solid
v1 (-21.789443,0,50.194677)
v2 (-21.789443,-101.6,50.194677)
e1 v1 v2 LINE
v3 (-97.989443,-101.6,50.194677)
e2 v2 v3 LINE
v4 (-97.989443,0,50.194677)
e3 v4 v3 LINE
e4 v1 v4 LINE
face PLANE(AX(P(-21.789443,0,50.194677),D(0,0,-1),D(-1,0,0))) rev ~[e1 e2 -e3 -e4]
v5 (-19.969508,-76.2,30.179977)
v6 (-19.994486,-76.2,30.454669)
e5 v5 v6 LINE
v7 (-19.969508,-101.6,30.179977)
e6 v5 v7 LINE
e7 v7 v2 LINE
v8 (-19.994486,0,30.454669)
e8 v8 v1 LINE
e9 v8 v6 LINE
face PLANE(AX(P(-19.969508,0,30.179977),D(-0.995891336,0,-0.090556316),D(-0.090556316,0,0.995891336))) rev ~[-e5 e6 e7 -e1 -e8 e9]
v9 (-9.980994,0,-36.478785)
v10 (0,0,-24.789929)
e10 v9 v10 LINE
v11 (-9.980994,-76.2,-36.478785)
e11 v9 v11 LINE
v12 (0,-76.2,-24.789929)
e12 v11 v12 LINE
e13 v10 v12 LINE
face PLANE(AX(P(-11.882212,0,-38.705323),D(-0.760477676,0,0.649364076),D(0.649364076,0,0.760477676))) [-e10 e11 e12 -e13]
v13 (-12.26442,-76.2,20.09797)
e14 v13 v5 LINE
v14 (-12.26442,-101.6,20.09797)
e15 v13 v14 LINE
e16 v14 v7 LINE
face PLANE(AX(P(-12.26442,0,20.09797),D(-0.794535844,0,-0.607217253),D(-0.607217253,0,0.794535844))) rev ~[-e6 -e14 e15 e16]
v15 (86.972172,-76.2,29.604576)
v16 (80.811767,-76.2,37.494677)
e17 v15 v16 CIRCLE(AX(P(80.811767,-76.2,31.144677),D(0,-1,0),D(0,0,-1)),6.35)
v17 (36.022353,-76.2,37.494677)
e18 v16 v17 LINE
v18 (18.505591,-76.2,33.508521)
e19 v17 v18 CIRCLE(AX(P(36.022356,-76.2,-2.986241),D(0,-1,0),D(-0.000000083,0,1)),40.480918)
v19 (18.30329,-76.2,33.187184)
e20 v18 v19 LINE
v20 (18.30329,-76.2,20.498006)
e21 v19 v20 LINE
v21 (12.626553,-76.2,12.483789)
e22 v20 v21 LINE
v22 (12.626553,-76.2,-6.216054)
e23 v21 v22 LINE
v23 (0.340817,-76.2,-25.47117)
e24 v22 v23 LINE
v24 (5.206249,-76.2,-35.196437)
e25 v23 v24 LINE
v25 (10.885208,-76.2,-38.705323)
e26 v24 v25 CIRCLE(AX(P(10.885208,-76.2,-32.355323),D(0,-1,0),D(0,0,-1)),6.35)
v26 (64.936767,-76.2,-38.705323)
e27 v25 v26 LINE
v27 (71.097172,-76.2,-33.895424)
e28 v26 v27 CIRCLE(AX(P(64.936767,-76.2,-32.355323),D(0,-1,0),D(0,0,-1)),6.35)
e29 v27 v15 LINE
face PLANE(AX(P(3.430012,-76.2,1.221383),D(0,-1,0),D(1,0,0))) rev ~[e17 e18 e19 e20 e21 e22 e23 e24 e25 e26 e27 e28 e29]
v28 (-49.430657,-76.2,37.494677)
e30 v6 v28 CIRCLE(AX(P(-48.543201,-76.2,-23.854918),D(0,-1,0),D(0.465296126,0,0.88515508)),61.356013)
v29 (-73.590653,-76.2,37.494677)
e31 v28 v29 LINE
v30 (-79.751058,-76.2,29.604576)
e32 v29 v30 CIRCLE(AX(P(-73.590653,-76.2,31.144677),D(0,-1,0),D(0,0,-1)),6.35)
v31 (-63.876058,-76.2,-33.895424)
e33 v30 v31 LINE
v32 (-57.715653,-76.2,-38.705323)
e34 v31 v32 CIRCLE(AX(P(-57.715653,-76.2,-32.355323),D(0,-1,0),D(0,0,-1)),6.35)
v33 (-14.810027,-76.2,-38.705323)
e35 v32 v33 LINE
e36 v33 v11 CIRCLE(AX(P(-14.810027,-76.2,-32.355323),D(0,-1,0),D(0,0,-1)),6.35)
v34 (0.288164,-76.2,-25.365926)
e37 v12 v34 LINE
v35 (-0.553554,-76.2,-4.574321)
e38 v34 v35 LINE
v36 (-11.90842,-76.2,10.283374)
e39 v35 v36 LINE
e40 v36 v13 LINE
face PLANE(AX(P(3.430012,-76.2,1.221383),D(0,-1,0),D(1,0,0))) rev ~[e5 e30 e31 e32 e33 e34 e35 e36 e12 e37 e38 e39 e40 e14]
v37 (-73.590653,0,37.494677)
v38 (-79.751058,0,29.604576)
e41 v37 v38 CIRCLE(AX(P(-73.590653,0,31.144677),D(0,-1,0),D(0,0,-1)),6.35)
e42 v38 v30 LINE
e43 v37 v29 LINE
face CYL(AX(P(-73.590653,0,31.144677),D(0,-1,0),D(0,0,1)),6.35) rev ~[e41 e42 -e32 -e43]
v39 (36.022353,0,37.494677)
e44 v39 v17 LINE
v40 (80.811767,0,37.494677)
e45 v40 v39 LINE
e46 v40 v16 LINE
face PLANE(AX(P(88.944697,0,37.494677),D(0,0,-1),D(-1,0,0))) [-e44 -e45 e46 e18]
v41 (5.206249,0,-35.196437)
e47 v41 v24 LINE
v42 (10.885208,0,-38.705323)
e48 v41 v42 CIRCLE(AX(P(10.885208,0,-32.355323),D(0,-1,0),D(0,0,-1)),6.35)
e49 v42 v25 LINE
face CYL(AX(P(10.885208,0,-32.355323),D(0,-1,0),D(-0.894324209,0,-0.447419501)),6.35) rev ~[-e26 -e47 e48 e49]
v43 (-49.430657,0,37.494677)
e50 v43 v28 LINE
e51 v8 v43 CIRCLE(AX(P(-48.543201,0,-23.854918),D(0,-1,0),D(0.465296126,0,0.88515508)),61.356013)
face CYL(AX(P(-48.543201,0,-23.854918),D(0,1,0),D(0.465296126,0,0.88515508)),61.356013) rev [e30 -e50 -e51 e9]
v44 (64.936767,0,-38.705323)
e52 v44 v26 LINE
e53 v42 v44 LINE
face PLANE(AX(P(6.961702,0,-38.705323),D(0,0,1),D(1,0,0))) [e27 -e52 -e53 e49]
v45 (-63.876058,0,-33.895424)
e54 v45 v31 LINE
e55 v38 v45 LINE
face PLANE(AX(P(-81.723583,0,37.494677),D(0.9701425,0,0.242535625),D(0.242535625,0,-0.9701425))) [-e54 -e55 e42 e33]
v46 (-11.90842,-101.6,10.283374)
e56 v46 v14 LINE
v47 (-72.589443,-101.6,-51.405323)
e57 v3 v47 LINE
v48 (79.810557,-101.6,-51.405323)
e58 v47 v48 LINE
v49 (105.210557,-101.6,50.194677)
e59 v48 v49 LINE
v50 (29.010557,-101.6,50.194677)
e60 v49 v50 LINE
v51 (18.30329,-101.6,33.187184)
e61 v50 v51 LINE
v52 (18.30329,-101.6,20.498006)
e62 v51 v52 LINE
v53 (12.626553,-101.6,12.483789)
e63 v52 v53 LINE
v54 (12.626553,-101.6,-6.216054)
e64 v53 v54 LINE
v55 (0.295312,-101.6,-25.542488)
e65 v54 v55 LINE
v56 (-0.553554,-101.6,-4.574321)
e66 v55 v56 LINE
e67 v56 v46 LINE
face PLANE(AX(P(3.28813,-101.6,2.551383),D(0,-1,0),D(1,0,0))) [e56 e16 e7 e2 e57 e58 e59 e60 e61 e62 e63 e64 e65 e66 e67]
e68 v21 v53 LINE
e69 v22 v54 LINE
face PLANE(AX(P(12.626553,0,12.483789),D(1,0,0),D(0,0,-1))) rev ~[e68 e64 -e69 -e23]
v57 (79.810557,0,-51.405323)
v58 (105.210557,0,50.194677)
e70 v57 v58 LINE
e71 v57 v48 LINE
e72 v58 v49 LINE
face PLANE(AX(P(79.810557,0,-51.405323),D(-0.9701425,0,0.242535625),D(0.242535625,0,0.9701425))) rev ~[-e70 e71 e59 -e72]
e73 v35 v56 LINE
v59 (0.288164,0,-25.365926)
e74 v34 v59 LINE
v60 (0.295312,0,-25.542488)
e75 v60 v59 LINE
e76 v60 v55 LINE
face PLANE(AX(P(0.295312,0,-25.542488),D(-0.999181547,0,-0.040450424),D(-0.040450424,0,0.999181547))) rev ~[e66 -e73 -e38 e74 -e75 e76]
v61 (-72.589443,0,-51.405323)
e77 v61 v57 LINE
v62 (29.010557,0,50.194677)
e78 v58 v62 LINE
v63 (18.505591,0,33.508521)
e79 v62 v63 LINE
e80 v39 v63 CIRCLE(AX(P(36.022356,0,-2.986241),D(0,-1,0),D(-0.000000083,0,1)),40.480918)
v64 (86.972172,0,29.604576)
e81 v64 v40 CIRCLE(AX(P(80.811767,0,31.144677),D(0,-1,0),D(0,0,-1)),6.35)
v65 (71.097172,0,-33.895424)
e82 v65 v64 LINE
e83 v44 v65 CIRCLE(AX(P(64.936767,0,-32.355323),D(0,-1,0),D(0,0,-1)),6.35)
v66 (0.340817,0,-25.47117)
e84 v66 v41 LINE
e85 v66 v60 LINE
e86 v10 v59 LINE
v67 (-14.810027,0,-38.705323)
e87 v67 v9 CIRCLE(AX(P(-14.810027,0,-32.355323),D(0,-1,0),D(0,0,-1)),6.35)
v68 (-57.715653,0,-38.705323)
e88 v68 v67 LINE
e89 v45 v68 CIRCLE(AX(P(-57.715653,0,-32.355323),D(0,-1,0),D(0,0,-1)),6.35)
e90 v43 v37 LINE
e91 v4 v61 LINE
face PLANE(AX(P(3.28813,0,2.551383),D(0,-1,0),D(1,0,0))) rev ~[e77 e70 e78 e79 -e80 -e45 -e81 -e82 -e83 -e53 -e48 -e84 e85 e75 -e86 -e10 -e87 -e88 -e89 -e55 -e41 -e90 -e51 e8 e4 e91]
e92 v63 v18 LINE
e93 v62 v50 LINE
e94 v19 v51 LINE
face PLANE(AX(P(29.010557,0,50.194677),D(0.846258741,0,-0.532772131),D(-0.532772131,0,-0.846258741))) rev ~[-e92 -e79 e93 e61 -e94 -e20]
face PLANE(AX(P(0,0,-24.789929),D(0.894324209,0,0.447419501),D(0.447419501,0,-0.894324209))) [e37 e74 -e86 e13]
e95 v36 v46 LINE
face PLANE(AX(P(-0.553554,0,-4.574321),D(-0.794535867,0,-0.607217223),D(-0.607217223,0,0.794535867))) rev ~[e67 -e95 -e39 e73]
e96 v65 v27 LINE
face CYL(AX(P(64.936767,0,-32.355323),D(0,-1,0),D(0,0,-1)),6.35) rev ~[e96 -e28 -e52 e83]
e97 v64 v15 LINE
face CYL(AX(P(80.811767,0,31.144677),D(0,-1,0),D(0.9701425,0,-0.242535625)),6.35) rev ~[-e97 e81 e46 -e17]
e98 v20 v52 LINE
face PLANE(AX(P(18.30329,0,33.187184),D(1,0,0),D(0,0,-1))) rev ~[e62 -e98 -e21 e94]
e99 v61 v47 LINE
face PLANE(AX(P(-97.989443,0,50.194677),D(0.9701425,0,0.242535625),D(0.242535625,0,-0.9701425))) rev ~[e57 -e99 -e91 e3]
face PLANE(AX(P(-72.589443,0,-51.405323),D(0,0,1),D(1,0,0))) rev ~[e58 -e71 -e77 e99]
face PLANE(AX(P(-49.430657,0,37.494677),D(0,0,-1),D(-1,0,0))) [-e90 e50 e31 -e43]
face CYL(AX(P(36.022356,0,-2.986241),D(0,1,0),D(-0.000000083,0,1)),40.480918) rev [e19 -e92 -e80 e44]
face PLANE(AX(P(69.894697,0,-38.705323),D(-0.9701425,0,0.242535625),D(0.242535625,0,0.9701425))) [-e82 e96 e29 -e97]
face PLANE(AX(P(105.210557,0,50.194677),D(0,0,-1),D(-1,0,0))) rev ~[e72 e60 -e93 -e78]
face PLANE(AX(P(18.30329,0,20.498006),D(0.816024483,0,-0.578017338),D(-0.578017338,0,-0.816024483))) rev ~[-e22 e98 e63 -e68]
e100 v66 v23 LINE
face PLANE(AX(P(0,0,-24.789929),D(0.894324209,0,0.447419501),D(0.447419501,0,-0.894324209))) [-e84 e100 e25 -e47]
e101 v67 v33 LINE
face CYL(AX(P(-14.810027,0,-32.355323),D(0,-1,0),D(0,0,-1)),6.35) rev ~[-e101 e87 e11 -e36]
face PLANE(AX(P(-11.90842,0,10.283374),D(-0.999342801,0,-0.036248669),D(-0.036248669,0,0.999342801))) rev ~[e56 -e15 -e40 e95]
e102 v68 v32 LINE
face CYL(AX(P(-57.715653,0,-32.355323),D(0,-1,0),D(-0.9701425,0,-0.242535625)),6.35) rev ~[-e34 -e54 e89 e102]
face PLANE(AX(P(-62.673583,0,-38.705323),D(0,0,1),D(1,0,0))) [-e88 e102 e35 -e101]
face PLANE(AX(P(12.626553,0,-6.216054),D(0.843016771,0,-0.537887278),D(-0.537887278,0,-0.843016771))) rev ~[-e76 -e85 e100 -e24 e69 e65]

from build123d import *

# Parameters (mm, degrees)
F1_DEPTH = 101.6
F3_DEPTH = 76.2
F4_R     = 6.35


with BuildPart() as f1:
    # F0 (on Front) → F1 (new body)
    with BuildSketch(Plane.XZ):
        Polygon((-21.789443, 50.194677), (-97.989443, 50.194677), (-72.589443, -51.405323), (79.810557, -51.405323), (105.210557, 50.194677), (29.010557, 50.194677), (18.30329, 33.187184), (18.30329, 20.498006), (12.626553, 12.483789), (12.626553, -6.216054), (0.295312, -25.542488), (-0.553554, -4.574321), (-11.90842, 10.283374), (-12.26442, 20.09797), (-19.969508, 30.179977), align=None)
    extrude(amount=F1_DEPTH)

    # F2 (on Front) → F3 (cut)
    with BuildSketch(Plane.XZ):
        with BuildLine():
            Line((-49.430657, 37.494677), (-81.723583, 37.494677))
            Line((-81.723583, 37.494677), (-62.673583, -38.705323))
            Line((-62.673583, -38.705323), (-11.882212, -38.705323))
            Line((-11.882212, -38.705323), (0, -24.789929))
            Line((0, -24.789929), (6.961702, -38.705323))
            Line((6.961702, -38.705323), (69.894697, -38.705323))
            Line((69.894697, -38.705323), (88.944697, 37.494677))
            Line((88.944697, 37.494677), (36.022353, 37.494677))
            ThreePointArc((36.022353, 37.494677), (27.04006, 36.48556), (18.505591, 33.508521))
            Line((18.505591, 33.508521), (-19.994486, 30.454669))
            ThreePointArc((-19.994486, 30.454669), (-34.271665, 35.818222), (-49.430657, 37.494677))
        make_face()
    extrude(amount=F3_DEPTH, mode=Mode.SUBTRACT)

    # F4
    f4_edges = [f1.edges().sort_by_distance(p)[0] for p in [
        (-11.882212, -38.1, -38.705323),
        (6.961702, -38.1, -38.705323),
        (-62.673583, -38.1, -38.705323),
        (69.894697, -38.1, -38.705323),
        (88.944697, -38.1, 37.494677),
        (-81.723583, -38.1, 37.494677),
    ]]
    fillet(f4_edges, radius=F4_R)


solid = f1.part
